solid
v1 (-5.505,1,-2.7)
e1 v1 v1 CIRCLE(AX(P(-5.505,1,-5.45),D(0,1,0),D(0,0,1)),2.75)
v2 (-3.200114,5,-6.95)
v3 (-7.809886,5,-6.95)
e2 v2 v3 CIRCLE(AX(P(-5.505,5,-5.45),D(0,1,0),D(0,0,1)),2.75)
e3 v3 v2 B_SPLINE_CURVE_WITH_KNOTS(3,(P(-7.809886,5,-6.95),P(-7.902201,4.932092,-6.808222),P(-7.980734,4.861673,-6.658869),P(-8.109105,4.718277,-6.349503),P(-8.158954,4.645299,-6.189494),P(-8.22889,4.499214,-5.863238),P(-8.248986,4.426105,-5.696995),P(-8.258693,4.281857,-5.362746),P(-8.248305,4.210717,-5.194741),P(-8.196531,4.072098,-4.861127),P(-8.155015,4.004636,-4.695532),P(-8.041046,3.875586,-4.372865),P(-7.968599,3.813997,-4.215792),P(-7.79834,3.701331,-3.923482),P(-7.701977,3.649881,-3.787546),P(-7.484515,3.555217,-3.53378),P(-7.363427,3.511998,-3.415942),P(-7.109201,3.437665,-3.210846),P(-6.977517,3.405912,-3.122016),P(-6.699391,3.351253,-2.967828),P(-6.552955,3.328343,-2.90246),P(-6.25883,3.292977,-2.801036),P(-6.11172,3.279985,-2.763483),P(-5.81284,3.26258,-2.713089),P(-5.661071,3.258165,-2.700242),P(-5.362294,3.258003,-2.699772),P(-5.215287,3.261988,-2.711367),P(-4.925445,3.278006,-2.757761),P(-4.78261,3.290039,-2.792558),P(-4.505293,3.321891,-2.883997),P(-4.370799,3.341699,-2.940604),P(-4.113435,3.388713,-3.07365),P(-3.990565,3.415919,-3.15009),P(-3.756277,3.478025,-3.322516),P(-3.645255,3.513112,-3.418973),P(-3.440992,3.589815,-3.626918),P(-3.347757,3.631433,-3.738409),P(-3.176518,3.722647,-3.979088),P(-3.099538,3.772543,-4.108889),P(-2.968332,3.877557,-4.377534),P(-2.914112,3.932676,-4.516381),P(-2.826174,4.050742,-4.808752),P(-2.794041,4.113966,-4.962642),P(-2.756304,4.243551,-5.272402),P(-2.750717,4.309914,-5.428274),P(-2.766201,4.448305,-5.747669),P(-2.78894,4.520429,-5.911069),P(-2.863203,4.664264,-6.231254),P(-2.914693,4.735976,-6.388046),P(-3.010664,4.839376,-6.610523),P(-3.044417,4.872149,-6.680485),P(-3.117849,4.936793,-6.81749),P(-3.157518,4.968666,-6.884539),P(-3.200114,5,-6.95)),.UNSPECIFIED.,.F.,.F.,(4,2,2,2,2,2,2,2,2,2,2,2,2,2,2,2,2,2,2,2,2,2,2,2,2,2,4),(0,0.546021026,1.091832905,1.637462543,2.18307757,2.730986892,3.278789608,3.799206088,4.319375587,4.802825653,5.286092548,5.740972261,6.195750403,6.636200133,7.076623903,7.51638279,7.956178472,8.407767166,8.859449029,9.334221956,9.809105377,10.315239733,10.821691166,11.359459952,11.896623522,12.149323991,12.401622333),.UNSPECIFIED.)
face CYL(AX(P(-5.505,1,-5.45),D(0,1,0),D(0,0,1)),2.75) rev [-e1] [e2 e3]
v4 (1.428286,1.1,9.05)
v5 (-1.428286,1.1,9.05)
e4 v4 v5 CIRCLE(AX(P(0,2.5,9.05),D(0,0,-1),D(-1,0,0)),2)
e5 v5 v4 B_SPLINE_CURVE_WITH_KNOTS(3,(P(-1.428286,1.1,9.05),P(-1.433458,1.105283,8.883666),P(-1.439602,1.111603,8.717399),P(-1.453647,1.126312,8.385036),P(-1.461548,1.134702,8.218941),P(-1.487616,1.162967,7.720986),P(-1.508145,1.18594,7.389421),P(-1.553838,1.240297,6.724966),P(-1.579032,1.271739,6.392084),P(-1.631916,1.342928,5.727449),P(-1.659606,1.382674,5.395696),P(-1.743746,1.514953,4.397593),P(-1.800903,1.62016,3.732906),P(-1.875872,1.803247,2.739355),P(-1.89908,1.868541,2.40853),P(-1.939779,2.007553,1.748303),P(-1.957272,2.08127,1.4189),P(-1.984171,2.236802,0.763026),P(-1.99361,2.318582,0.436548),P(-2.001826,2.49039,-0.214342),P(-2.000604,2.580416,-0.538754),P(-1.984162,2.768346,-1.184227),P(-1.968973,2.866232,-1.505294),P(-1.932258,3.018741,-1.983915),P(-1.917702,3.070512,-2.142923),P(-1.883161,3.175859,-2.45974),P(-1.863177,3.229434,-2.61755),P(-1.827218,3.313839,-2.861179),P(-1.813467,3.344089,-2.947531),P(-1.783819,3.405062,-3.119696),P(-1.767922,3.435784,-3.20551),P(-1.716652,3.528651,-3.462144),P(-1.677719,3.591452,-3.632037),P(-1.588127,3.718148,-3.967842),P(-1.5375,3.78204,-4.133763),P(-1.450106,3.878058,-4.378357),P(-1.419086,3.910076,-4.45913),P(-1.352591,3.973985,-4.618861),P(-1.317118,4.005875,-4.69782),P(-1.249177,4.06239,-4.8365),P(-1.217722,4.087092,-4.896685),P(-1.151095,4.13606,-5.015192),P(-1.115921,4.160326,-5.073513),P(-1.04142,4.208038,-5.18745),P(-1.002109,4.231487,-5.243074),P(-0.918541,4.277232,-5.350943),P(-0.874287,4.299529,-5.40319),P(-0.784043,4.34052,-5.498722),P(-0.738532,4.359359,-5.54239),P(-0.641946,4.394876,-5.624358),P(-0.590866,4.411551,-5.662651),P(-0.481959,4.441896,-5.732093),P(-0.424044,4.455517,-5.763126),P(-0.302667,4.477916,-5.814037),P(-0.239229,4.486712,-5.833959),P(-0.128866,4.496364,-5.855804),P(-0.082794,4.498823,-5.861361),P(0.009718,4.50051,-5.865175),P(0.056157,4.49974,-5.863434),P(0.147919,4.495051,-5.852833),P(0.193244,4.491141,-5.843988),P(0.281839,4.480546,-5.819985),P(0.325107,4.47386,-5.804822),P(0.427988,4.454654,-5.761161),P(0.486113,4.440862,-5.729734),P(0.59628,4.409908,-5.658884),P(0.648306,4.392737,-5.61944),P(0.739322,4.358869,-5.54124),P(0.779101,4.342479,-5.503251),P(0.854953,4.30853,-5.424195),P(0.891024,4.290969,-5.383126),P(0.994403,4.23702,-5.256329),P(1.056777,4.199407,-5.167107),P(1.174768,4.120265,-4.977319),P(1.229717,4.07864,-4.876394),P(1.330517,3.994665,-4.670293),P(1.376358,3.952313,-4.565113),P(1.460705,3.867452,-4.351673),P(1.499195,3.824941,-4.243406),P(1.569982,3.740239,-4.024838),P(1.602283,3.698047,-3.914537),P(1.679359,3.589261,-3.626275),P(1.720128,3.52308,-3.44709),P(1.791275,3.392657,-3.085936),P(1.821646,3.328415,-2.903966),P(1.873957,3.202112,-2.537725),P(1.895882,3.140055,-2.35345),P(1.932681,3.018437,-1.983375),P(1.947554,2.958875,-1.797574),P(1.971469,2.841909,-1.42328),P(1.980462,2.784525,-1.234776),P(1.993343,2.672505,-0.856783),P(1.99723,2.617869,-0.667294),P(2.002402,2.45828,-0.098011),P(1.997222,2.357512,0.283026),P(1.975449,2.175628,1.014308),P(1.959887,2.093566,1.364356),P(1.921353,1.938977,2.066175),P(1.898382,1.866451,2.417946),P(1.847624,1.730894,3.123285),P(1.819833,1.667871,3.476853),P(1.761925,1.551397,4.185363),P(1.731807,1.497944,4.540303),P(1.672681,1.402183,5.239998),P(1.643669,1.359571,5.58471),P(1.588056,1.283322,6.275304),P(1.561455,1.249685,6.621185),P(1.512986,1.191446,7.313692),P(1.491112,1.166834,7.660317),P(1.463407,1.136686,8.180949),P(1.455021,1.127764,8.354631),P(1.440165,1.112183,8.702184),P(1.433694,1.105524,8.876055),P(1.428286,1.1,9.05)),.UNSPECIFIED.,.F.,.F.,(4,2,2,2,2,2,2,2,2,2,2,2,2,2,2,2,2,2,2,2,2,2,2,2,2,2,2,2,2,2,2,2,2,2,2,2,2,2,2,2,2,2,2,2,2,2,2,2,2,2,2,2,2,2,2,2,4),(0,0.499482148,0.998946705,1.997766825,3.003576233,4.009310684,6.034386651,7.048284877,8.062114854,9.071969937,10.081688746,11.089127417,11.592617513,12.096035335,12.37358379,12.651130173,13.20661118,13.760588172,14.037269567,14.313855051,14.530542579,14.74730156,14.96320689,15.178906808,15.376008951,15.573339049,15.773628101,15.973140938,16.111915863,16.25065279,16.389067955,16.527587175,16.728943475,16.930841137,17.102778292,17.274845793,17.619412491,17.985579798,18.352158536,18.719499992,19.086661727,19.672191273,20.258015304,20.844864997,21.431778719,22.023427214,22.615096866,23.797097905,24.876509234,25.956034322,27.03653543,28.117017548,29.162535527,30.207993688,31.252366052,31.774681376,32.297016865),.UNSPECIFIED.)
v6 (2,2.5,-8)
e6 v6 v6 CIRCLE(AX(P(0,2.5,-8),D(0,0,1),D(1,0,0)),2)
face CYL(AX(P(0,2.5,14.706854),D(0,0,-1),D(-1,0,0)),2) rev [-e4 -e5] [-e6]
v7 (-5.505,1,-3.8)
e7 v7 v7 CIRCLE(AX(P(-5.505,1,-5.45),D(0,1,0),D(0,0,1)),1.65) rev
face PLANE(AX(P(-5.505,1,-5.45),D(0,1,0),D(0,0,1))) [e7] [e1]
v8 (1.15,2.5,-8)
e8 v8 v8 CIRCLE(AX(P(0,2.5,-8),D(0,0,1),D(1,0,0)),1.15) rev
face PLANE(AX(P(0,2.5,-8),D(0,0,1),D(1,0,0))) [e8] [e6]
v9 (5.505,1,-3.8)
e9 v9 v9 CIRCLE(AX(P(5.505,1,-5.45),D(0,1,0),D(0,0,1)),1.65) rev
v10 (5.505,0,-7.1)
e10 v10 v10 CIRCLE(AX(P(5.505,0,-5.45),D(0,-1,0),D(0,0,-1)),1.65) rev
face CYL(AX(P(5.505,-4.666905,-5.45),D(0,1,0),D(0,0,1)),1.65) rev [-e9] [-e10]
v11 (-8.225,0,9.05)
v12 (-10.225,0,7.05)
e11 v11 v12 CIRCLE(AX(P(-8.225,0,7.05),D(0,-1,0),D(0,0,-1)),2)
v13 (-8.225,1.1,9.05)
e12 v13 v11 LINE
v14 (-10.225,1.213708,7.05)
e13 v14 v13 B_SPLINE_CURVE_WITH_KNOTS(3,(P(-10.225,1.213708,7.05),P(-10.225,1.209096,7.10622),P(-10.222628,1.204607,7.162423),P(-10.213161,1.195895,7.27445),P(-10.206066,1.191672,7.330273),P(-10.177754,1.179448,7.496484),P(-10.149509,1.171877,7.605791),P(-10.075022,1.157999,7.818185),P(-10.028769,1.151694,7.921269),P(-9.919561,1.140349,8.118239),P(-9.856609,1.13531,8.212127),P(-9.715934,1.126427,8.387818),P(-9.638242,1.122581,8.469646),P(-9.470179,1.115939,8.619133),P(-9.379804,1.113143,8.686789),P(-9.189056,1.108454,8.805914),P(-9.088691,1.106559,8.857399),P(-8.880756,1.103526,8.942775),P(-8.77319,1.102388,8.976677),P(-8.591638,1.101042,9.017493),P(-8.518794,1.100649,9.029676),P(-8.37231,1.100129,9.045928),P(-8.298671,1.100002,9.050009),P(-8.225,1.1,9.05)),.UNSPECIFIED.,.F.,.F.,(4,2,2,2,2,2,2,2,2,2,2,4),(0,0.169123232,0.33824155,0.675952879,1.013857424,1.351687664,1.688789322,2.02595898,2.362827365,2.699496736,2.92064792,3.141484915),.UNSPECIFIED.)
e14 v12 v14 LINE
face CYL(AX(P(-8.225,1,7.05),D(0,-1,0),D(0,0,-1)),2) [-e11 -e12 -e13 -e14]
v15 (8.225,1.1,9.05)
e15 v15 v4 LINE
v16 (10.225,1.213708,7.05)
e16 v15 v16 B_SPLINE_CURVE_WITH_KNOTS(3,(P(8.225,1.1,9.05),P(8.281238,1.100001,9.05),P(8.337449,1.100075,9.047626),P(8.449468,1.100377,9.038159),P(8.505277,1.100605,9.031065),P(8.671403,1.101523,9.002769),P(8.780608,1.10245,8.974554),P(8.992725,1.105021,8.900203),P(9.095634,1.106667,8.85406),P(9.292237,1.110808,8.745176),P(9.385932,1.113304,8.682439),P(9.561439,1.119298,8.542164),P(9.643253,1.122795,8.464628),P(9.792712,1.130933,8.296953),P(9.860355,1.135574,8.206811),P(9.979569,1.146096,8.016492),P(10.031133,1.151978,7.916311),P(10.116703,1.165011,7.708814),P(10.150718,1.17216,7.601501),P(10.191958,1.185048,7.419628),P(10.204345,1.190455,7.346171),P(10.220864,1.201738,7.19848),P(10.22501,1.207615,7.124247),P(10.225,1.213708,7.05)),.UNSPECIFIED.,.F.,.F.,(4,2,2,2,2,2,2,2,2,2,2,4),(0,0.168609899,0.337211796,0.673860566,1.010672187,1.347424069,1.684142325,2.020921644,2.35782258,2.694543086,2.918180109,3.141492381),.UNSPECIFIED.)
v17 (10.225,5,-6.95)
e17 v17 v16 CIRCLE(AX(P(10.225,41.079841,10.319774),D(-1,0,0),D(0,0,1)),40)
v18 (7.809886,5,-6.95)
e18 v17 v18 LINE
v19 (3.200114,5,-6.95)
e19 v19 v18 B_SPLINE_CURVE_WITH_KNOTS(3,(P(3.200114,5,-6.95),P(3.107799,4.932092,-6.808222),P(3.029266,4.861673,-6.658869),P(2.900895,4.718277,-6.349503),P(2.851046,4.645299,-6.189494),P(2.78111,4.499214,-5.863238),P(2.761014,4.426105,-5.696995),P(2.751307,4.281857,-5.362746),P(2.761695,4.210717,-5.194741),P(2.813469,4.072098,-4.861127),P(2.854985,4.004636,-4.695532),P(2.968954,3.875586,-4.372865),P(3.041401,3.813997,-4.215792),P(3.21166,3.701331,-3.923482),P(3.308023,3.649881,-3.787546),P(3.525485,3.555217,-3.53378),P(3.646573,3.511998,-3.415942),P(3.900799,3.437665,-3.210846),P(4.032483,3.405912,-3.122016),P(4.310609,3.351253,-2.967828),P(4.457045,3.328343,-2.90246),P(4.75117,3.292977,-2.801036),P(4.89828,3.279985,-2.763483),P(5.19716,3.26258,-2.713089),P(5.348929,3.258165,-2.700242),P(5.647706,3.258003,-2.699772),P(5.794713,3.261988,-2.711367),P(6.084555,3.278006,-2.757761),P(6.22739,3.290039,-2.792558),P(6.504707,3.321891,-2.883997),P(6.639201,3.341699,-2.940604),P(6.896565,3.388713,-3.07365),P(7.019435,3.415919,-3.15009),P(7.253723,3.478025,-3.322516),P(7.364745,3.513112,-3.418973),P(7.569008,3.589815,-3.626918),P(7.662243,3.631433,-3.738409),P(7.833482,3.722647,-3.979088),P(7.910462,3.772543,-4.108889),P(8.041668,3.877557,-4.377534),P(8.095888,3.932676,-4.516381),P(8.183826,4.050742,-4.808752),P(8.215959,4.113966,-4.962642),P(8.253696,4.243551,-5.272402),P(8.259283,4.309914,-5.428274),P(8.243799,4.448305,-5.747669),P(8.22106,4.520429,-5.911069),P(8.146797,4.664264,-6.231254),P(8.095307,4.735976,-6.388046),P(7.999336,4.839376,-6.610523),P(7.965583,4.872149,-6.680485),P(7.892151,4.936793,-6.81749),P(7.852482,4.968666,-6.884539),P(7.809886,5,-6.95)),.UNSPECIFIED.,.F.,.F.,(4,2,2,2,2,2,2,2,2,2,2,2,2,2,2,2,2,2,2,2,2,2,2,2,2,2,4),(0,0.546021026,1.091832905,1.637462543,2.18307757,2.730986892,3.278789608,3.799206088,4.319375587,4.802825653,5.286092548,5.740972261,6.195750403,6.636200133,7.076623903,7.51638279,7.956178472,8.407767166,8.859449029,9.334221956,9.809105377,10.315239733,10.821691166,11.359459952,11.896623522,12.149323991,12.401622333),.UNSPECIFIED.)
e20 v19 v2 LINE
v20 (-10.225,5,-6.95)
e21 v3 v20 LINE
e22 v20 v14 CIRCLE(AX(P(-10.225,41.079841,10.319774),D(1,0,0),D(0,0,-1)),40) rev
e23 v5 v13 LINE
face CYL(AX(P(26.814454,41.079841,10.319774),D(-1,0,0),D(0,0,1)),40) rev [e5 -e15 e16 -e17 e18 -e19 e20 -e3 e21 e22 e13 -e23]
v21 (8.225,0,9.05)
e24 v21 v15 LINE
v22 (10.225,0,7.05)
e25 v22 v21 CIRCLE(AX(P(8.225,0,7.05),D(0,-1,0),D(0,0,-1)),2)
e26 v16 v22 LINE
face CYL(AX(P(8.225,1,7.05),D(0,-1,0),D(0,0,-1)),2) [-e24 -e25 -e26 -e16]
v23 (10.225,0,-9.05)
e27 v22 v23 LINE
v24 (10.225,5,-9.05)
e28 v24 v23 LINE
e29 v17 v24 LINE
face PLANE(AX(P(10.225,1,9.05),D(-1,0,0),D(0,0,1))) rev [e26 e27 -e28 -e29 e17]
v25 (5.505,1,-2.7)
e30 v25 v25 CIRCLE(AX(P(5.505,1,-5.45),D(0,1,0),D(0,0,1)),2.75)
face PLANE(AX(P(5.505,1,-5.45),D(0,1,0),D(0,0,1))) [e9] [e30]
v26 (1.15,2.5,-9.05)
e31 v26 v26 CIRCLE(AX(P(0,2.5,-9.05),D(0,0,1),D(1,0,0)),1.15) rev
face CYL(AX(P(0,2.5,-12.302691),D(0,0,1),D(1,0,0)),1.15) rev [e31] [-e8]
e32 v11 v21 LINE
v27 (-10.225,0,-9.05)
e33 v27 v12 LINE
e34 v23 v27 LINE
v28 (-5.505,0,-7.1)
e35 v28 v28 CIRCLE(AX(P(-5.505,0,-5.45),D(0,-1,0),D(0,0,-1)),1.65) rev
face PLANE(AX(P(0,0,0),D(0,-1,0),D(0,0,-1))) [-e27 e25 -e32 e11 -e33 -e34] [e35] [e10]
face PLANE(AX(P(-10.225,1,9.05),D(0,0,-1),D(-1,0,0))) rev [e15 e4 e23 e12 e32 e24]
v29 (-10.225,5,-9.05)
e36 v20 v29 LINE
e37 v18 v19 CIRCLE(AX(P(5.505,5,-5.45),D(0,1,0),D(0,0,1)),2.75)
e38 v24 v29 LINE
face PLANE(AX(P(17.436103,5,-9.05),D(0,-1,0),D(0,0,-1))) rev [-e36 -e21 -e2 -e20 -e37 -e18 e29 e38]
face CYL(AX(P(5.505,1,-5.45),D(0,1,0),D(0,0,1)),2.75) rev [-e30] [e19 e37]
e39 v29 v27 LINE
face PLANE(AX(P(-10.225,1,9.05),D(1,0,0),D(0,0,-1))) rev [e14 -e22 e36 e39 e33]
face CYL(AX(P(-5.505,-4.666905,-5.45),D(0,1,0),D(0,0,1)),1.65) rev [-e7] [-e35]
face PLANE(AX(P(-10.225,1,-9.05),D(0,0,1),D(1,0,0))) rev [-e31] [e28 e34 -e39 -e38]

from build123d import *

# Parameters (mm, degrees)
SKETCH1_W                       = 20.45
SKETCH1_H                       = 18.1
BOSS_EXTRUDE2_DEPTH             = 1
BOSS_EXTRUDE3_REACH             = 15.691
BOSS_EXTRUDE3_DIRECTION_2_REACH = 15.691
SKETCH4_R                       = 1.65
CUT_EXTRUDE1_DEPTH              = 5
BOSS_EXTRUDE5_START             = -10.225
BOSS_EXTRUDE5_DEPTH             = 20.45
SKETCH6_R                       = 2.75
CUT_EXTRUDE2_DEPTH              = 4
SKETCH7_R                       = 1.15
CUT_EXTRUDE3_DEPTH              = 9.05
SKETCH8_R                       = 2
CUT_EXTRUDE4_DEPTH              = 8
CUT_EXTRUDE4_DIRECTION_2_REACH  = 16.541
FILLET1_R                       = 2


with BuildPart() as part:
    # Sketch1 → Boss-Extrude2 (new body)
    with BuildSketch(Plane(origin=(0, 0, 0), x_dir=(1, 0, 0), z_dir=(0, 1, 0))):
        Rectangle(SKETCH1_W, SKETCH1_H)
    extrude(amount=BOSS_EXTRUDE2_DEPTH)

    # Boss-Extrude3: up to this face of the body (flat: up to its plane)
    boss_extrude3_end = Plane(part.part.faces().sort_by_distance((10.225, 0.5, 0))[0])
    # Sketch3 → Boss-Extrude3 (add, up to the picked face)
    with BuildSketch(Plane(origin=(0, 0, 0), x_dir=(0, 0, -1), z_dir=(1, 0, 0)), mode=Mode.PRIVATE) as boss_extrude3_sk1:
        Polygon((9.05, 1), (9.05, 5), (7.05, 5), (3.05, 1), align=None)
    boss_extrude3_tool1 = split(extrude(boss_extrude3_sk1.sketch, amount=BOSS_EXTRUDE3_REACH, mode=Mode.PRIVATE), bisect_by=boss_extrude3_end, keep=Keep.BOTH, mode=Mode.PRIVATE)
    add(boss_extrude3_tool1.solids().sort_by(Axis((0, 2.666667, -6.883333), (1, 0, 0)))[0])

    # Boss-Extrude3 direction 2: up to this face of the body (flat: up to its plane)
    boss_extrude3_direction_2_end = Plane(part.part.faces().sort_by_distance((-10.225, 0.5, 0))[0])
    # Sketch3 → Boss-Extrude3 direction 2 (add, up to the picked face)
    with BuildSketch(Plane(origin=(0, 0, 0), x_dir=(0, 0, -1), z_dir=(1, 0, 0)), mode=Mode.PRIVATE) as boss_extrude3_direction_2_sk1:
        Polygon((9.05, 1), (9.05, 5), (7.05, 5), (3.05, 1), align=None)
    boss_extrude3_direction_2_tool1 = split(extrude(boss_extrude3_direction_2_sk1.sketch, amount=-BOSS_EXTRUDE3_DIRECTION_2_REACH, mode=Mode.PRIVATE), bisect_by=boss_extrude3_direction_2_end, keep=Keep.BOTH, mode=Mode.PRIVATE)
    add(boss_extrude3_direction_2_tool1.solids().sort_by(Axis((0, 2.666667, -6.883333), (-1, 0, 0)))[0])

    # Sketch4 → Cut-Extrude1 (cut)
    with BuildSketch(Plane(origin=(0, 5, 0), x_dir=(1, 0, 0), z_dir=(0, 1, 0))):
        with Locations(Location((-5.505, 5.45, 0), (0, 0, 104.141110234))):
            Circle(SKETCH4_R)
        with Locations(Location((5.505, 5.45, 0), (0, 0, 75.858889766))):
            Circle(SKETCH4_R)
    extrude(amount=-CUT_EXTRUDE1_DEPTH, mode=Mode.SUBTRACT)

    # Sketch10 → Boss-Extrude5 (add)
    with BuildSketch(Plane(origin=(0, 0, 0), x_dir=(0, 0, -1), z_dir=(1, 0, 0)).offset(BOSS_EXTRUDE5_START)):
        with BuildLine():
            Line((3.05, 1), (7.05, 5))
            Line((7.05, 5), (6.95, 5))
            ThreePointArc((6.95, 5), (-0.847118083, 2.217663929), (-9.05, 1.1))
            Line((-9.05, 1.1), (-9.05, 1))
            Line((-9.05, 1), (3.05, 1))
        make_face()
    extrude(amount=BOSS_EXTRUDE5_DEPTH)

    # Sketch6 → Cut-Extrude2 (cut)
    with BuildSketch(Plane(origin=(0, 5, 0), x_dir=(1, 0, 0), z_dir=(0, 1, 0))):
        with Locations(Location((-5.505, 5.45, 0), (0, 0, 270))):
            Circle(SKETCH6_R)
        with Locations(Location((5.505, 5.45, 0), (0, 0, 270))):
            Circle(SKETCH6_R)
    extrude(amount=-CUT_EXTRUDE2_DEPTH, mode=Mode.SUBTRACT)

    # Sketch7 → Cut-Extrude3 (cut)
    with BuildSketch(Plane.XY):
        with Locations((0, 2.5)):
            Circle(SKETCH7_R)
    extrude(amount=-CUT_EXTRUDE3_DEPTH, mode=Mode.SUBTRACT)

    # Sketch8 → Cut-Extrude4 (cut)
    with BuildSketch(Plane.XY):
        with Locations(Location((0, 2.5, 0), (0, 0, 224.427004001))):
            Circle(SKETCH8_R)
    extrude(amount=-CUT_EXTRUDE4_DEPTH, mode=Mode.SUBTRACT)

    # Cut-Extrude4 direction 2: up to this face of the body (flat: up to its plane)
    cut_extrude4_direction_2_end = Plane(part.part.faces().sort_by_distance((0, 0.55, 9.05))[0])
    # Sketch8 → Cut-Extrude4 direction 2 (cut, up to the picked face)
    with BuildSketch(Plane.XY, mode=Mode.PRIVATE) as cut_extrude4_direction_2_sk1:
        with Locations(Location((0, 2.5, 0), (0, 0, 224.427004001))):
            Circle(SKETCH8_R)
    cut_extrude4_direction_2_tool1 = split(extrude(cut_extrude4_direction_2_sk1.sketch, amount=CUT_EXTRUDE4_DIRECTION_2_REACH, mode=Mode.PRIVATE), bisect_by=cut_extrude4_direction_2_end, keep=Keep.BOTH, mode=Mode.PRIVATE)
    add(cut_extrude4_direction_2_tool1.solids().sort_by(Axis((0, 2.5, 0), (0, 0, 1)))[0], mode=Mode.SUBTRACT)

    # Fillet1
    fillet1_edges = [part.edges().sort_by_distance(p)[0] for p in [
        (10.225, 0.55, 9.05),
        (-10.225, 0.55, 9.05),
    ]]
    fillet(fillet1_edges, radius=FILLET1_R)


solid = part.part
